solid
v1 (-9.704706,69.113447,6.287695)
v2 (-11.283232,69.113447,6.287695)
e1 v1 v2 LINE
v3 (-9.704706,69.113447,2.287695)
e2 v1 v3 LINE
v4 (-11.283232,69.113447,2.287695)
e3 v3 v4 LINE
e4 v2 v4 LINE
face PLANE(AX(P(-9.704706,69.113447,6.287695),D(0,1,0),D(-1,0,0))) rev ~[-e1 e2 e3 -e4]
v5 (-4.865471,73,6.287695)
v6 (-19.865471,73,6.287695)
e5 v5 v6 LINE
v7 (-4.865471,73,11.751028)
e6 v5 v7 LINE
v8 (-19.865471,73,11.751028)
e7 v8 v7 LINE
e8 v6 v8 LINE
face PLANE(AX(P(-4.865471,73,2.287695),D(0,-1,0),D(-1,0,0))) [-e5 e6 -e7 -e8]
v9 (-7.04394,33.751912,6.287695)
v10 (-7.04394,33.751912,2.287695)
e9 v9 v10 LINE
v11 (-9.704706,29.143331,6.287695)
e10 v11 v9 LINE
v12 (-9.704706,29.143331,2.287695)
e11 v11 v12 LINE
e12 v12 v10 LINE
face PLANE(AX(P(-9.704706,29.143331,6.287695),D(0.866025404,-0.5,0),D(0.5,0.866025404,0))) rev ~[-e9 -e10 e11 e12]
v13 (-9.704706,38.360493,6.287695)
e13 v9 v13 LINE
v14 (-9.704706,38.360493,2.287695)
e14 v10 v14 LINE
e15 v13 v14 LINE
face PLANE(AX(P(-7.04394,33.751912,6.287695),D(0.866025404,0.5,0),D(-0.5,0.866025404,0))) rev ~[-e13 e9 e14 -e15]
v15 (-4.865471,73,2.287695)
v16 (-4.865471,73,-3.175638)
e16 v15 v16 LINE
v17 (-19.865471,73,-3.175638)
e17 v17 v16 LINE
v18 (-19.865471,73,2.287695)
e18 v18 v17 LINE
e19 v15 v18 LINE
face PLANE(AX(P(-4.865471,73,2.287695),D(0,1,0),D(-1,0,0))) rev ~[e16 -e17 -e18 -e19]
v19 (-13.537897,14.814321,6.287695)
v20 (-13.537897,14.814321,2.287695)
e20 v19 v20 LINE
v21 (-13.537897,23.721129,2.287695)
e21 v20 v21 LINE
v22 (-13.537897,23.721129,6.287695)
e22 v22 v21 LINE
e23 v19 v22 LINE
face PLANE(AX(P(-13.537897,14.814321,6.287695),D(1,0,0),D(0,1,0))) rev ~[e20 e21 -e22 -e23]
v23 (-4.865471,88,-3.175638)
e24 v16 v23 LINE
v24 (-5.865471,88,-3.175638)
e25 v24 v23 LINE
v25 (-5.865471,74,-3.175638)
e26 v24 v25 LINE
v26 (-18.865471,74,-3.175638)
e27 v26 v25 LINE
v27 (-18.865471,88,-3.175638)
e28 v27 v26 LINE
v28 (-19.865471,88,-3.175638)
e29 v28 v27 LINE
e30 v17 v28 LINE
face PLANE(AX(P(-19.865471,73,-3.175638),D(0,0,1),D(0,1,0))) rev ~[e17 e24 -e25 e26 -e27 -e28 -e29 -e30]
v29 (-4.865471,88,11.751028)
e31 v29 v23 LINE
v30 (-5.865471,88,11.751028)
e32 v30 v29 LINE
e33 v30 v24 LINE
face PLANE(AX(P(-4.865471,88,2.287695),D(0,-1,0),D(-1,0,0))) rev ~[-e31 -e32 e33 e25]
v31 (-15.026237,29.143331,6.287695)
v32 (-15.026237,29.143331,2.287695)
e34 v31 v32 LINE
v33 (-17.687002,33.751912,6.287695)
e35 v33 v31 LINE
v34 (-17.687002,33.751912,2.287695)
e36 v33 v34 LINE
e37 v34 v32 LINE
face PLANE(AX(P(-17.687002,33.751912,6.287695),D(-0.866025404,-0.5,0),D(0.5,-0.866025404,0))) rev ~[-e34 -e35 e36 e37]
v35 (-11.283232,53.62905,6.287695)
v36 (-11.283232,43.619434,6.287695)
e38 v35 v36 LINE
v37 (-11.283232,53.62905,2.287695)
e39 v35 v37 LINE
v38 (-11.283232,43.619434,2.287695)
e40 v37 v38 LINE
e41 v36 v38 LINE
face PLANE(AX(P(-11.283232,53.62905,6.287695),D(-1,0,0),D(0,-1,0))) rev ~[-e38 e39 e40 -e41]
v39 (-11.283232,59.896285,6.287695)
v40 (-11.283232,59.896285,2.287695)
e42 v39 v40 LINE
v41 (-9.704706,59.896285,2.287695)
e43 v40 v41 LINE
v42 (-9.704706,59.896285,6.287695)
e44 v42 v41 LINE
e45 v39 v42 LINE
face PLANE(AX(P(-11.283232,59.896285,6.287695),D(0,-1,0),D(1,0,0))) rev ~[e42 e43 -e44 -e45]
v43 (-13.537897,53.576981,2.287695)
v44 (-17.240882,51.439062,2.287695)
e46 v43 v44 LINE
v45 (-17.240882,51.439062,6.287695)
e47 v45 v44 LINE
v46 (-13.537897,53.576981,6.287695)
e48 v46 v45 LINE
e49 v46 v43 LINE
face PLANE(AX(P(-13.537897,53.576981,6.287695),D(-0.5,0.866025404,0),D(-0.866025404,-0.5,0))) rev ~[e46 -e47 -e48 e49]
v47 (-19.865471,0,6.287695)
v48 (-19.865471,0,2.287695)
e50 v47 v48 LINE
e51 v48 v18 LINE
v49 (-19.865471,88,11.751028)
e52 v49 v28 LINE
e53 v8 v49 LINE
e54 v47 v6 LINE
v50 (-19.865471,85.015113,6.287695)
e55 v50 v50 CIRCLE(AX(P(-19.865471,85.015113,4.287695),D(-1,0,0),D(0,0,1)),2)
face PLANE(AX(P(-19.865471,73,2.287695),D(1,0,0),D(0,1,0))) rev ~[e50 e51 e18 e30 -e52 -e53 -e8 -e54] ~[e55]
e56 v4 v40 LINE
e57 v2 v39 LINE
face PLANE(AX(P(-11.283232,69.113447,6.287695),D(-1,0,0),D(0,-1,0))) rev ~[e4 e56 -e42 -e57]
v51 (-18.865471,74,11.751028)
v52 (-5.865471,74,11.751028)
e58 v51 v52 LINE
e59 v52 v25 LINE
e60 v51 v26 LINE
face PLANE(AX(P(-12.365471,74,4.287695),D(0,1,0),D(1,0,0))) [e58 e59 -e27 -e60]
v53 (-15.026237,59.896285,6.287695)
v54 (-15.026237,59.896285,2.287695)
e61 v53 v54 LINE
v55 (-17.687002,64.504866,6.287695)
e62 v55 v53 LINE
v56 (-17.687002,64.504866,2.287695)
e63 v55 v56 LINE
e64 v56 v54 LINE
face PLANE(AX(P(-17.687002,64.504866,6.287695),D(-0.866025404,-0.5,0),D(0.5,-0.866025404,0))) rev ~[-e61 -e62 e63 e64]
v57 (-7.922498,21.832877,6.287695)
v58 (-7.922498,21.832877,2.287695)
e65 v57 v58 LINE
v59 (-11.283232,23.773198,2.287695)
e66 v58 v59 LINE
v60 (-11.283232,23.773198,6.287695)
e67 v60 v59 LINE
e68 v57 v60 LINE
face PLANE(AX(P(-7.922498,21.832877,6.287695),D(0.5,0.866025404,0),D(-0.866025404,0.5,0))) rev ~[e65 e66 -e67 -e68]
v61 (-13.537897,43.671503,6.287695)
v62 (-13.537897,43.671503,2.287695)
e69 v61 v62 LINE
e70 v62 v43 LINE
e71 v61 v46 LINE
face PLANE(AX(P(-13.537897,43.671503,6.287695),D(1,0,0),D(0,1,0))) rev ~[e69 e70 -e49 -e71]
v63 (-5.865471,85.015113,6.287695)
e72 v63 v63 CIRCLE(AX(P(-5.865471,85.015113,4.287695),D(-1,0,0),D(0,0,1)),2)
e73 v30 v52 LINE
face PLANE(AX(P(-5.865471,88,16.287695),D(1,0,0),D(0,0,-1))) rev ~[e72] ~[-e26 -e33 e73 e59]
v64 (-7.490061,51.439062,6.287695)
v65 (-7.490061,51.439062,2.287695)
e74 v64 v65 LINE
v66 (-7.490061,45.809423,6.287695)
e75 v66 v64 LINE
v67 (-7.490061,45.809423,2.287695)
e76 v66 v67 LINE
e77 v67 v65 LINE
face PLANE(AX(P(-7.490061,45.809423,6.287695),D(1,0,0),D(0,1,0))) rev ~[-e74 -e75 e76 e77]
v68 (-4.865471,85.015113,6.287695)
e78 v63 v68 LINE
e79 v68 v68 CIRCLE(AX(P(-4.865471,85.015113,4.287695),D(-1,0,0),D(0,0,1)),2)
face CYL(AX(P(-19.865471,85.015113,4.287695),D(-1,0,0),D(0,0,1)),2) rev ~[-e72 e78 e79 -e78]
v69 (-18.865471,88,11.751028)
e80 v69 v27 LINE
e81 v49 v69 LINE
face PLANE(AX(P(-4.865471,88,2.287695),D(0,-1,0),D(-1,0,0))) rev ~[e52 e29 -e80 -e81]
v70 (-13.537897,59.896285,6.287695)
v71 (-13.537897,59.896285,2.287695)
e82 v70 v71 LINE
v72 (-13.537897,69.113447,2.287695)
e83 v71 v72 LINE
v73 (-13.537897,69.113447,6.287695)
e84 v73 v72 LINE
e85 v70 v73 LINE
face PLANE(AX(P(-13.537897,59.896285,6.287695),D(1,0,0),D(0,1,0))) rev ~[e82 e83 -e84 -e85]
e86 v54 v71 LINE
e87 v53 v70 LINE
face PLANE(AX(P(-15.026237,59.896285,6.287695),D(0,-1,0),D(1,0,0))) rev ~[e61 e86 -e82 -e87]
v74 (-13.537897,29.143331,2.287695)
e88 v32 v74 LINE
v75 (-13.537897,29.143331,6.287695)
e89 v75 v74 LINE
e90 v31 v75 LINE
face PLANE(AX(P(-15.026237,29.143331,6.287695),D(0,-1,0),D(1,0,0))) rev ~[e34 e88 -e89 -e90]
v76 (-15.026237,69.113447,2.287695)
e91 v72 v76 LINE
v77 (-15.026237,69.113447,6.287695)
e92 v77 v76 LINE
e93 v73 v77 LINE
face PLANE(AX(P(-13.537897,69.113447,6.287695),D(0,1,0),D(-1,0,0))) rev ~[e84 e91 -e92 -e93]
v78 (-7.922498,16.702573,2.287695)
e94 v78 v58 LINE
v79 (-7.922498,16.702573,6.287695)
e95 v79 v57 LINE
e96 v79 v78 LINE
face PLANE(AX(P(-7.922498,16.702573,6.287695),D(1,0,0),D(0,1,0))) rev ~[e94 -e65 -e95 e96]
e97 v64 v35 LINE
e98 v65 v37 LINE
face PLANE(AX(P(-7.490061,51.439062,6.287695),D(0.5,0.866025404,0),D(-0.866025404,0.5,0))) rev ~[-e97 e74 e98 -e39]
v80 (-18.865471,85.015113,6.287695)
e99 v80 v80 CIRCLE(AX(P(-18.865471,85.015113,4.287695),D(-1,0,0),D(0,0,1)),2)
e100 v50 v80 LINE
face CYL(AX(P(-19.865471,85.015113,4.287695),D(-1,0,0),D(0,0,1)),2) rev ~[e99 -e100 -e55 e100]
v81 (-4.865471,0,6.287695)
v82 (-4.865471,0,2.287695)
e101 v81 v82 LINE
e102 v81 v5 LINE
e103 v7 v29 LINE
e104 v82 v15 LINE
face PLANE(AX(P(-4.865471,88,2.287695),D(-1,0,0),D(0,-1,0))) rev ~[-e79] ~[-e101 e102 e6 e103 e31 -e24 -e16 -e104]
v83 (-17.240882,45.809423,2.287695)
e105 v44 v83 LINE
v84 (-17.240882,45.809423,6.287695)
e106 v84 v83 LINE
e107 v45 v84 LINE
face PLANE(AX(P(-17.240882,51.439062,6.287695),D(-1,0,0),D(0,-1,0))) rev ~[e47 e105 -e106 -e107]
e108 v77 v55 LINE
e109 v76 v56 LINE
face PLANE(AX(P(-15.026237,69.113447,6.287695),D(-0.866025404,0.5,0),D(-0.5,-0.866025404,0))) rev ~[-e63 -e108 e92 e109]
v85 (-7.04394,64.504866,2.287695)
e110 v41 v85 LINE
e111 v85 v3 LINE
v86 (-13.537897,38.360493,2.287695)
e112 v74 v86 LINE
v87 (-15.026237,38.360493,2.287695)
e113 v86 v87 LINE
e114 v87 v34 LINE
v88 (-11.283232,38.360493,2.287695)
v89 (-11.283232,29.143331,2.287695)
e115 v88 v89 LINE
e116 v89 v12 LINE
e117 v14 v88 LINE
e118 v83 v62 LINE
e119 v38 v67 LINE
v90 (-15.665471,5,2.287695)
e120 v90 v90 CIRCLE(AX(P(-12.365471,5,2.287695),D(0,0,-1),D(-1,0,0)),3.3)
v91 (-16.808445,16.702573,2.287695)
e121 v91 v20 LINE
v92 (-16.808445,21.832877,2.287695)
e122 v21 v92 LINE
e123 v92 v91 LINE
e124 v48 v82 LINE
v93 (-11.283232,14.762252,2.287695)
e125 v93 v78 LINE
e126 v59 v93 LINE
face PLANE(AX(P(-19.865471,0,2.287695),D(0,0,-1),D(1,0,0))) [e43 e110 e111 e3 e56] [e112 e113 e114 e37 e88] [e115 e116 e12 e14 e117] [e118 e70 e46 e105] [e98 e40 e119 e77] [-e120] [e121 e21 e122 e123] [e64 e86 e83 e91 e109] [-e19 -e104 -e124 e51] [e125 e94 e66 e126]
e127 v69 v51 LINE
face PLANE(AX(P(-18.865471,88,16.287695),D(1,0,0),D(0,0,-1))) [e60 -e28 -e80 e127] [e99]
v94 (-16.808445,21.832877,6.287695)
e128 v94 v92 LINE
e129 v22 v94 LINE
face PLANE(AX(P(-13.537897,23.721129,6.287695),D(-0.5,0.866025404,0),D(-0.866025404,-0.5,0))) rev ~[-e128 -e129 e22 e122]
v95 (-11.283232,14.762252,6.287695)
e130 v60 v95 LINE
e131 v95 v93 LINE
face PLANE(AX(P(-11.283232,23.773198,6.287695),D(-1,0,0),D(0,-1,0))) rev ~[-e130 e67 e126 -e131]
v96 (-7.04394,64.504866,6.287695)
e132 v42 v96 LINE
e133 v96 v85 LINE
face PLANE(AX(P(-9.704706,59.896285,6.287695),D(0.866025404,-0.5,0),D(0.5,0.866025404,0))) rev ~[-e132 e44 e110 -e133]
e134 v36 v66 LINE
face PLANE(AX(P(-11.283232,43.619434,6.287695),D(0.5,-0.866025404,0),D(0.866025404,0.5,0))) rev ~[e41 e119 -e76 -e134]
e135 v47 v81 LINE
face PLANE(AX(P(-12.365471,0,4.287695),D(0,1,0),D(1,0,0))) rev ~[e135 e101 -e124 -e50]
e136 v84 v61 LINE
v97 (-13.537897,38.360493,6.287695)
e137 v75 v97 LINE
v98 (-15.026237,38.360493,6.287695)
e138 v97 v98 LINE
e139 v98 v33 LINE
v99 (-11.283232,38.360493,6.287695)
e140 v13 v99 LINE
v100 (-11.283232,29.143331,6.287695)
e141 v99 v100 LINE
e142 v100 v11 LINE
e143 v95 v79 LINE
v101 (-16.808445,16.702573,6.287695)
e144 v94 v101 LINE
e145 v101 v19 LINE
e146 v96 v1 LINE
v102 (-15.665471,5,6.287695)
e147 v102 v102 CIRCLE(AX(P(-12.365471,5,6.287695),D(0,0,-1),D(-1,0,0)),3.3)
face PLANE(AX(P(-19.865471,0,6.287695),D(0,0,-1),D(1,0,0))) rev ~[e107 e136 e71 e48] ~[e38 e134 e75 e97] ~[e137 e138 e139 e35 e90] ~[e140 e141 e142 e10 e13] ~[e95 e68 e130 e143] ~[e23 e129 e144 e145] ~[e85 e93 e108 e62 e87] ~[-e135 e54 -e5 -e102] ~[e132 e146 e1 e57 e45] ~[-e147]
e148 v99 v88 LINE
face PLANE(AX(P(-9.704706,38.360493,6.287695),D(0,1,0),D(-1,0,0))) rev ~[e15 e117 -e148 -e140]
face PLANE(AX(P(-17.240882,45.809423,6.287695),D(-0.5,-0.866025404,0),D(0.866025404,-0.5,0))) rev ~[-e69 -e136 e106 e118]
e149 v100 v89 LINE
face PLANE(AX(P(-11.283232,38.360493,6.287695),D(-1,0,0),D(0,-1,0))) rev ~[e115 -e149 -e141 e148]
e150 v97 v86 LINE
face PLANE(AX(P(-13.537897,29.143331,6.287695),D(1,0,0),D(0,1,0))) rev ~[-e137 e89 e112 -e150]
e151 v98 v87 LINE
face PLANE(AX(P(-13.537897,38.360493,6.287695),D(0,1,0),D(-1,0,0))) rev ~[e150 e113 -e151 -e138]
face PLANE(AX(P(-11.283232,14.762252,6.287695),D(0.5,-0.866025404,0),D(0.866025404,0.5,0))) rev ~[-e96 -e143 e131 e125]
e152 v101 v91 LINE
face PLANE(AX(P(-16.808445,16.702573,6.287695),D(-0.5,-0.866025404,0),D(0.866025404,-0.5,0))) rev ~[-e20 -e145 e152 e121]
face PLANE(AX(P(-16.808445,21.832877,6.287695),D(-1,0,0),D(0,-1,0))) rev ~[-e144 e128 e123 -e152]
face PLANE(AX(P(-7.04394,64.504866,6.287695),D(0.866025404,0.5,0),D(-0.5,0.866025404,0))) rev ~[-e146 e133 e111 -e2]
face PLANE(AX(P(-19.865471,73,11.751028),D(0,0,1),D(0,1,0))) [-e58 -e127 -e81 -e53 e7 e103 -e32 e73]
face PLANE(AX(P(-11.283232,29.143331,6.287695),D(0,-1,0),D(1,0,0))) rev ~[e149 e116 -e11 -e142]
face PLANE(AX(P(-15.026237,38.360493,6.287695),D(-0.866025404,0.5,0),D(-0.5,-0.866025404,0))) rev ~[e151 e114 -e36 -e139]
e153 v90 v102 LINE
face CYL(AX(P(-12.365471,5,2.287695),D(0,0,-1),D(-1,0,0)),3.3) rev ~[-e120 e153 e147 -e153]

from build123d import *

# Parameters (mm, degrees)
SKETCH_1_W           = 15
SKETCH_1_H           = 4
EXTRUDE_1_DEPTH      = 85
SKETCH_17_W          = 15
SKETCH_17_H          = 12
SKETCH_17_H_2        = 3
EXTRUDE_2_DEPTH      = 10
EXTRUDE_2_DEPTH_BACK = 14
SKETCH_18_W          = 13
SKETCH_18_H          = 24
CUT_EXTRUDE_4_DEPTH  = 14
SKETCH_20_W          = 4.536667306
SKETCH_20_H          = 15
SKETCH_20_W_2        = 4.536667307
CUT_EXTRUDE_6_DEPTH  = 18
SKETCH_21_R          = 2
CUT_EXTRUDE_7_DEPTH  = 39
SKETCH_22_R          = 3.3
CUT_EXTRUDE_8_DEPTH  = 4
CUT_EXTRUDE_9_DEPTH  = 4


with BuildPart() as part:
    # 草图1 → 凸台-拉伸1 (new body)
    with BuildSketch(Plane(origin=(0, 0, 0), x_dir=(1, 0, 0), z_dir=(0, 1, 0))):
        with Locations((-12.365471303, -4.287695046)):
            Rectangle(SKETCH_1_W, SKETCH_1_H)
    extrude(amount=EXTRUDE_1_DEPTH)

    # 草图17 → 凸台-拉伸2 (add, two sides)
    with BuildSketch(Plane(origin=(0, 0, 2.287695046), x_dir=(-1, 0, 0), z_dir=(0, 0, -1))) as extrude_2_sk:
        with Locations((12.365471303, 79)):
            Rectangle(SKETCH_17_W, SKETCH_17_H)
        with Locations((12.365471303, 86.5)):
            Rectangle(SKETCH_17_W, SKETCH_17_H_2)
    extrude(amount=EXTRUDE_2_DEPTH)
    extrude(extrude_2_sk.sketch, amount=-EXTRUDE_2_DEPTH_BACK)

    # 草图18 → 切除-拉伸4 (cut)
    with BuildSketch(Plane(origin=(0, 88, 0), x_dir=(1, 0, 0), z_dir=(0, 1, 0))):
        with Locations((-12.365471303, -4.287695046)):
            Rectangle(SKETCH_18_W, SKETCH_18_H)
    extrude(amount=-CUT_EXTRUDE_4_DEPTH, mode=Mode.SUBTRACT)

    # 草图20 → 切除-拉伸6 (cut)
    with BuildSketch(Plane.ZY.offset(19.865471303)):
        with Locations((-5.443971301, 80.5)):
            Rectangle(SKETCH_20_W, SKETCH_20_H)
        with Locations((14.019361393, 80.5)):
            Rectangle(SKETCH_20_W_2, SKETCH_20_H)
    extrude(amount=-CUT_EXTRUDE_6_DEPTH, mode=Mode.SUBTRACT)

    # 草图21 → 切除-拉伸7 (cut)
    with BuildSketch(Plane.ZY.offset(19.865471303)):
        with Locations((4.287695046, 85.015112755)):
            Circle(SKETCH_21_R)
    extrude(amount=-CUT_EXTRUDE_7_DEPTH, mode=Mode.SUBTRACT)

    # 草图22 → 切除-拉伸8 (cut)
    with BuildSketch(Plane(origin=(0, 0, 2.287695046), x_dir=(-1, 0, 0), z_dir=(0, 0, -1))):
        with Locations((12.365471303, 5)):
            Circle(SKETCH_22_R)
    extrude(amount=-CUT_EXTRUDE_8_DEPTH, mode=Mode.SUBTRACT)

    # 草图23 → 切除-拉伸9 (cut)
    with BuildSketch(Plane.XY.offset(6.287695046)):
        Polygon((-13.537897134, 59.896284907), (-13.537897134, 69.113447), (-15.026236811, 69.113447), (-17.687002319, 64.504865953), (-15.026236811, 59.896284907), align=None)
        Polygon((-9.704705795, 59.896284907), (-7.043940288, 64.504865953), (-9.704705795, 69.113447), (-11.283232075, 69.113447), (-11.283232075, 59.896284907), align=None)
        Polygon((-13.537897134, 43.671503457), (-13.537897134, 53.576980938), (-17.240881786, 51.439061752), (-17.240881786, 45.809422642), align=None)
        Polygon((-7.49006082, 51.439061752), (-11.283232075, 53.629050197), (-11.283232075, 43.619434197), (-7.49006082, 45.809422642), align=None)
        Polygon((-13.537897134, 29.143330966), (-13.537897134, 38.360493059), (-15.026236811, 38.360493059), (-17.687002319, 33.751912013), (-15.026236811, 29.143330966), align=None)
        Polygon((-9.704705795, 38.360493059), (-11.283232075, 38.360493059), (-11.283232075, 29.143330966), (-9.704705795, 29.143330966), (-7.043940288, 33.751912013), align=None)
        Polygon((-13.537897134, 14.814321043), (-13.537897134, 23.721128572), (-16.808445012, 21.832876874), (-16.808445012, 16.70257274), align=None)
        Polygon((-7.922497595, 21.832876874), (-11.283232075, 23.773197831), (-11.283232075, 14.762251783), (-7.922497595, 16.70257274), align=None)
    extrude(amount=-CUT_EXTRUDE_9_DEPTH, mode=Mode.SUBTRACT)


solid = part.part
